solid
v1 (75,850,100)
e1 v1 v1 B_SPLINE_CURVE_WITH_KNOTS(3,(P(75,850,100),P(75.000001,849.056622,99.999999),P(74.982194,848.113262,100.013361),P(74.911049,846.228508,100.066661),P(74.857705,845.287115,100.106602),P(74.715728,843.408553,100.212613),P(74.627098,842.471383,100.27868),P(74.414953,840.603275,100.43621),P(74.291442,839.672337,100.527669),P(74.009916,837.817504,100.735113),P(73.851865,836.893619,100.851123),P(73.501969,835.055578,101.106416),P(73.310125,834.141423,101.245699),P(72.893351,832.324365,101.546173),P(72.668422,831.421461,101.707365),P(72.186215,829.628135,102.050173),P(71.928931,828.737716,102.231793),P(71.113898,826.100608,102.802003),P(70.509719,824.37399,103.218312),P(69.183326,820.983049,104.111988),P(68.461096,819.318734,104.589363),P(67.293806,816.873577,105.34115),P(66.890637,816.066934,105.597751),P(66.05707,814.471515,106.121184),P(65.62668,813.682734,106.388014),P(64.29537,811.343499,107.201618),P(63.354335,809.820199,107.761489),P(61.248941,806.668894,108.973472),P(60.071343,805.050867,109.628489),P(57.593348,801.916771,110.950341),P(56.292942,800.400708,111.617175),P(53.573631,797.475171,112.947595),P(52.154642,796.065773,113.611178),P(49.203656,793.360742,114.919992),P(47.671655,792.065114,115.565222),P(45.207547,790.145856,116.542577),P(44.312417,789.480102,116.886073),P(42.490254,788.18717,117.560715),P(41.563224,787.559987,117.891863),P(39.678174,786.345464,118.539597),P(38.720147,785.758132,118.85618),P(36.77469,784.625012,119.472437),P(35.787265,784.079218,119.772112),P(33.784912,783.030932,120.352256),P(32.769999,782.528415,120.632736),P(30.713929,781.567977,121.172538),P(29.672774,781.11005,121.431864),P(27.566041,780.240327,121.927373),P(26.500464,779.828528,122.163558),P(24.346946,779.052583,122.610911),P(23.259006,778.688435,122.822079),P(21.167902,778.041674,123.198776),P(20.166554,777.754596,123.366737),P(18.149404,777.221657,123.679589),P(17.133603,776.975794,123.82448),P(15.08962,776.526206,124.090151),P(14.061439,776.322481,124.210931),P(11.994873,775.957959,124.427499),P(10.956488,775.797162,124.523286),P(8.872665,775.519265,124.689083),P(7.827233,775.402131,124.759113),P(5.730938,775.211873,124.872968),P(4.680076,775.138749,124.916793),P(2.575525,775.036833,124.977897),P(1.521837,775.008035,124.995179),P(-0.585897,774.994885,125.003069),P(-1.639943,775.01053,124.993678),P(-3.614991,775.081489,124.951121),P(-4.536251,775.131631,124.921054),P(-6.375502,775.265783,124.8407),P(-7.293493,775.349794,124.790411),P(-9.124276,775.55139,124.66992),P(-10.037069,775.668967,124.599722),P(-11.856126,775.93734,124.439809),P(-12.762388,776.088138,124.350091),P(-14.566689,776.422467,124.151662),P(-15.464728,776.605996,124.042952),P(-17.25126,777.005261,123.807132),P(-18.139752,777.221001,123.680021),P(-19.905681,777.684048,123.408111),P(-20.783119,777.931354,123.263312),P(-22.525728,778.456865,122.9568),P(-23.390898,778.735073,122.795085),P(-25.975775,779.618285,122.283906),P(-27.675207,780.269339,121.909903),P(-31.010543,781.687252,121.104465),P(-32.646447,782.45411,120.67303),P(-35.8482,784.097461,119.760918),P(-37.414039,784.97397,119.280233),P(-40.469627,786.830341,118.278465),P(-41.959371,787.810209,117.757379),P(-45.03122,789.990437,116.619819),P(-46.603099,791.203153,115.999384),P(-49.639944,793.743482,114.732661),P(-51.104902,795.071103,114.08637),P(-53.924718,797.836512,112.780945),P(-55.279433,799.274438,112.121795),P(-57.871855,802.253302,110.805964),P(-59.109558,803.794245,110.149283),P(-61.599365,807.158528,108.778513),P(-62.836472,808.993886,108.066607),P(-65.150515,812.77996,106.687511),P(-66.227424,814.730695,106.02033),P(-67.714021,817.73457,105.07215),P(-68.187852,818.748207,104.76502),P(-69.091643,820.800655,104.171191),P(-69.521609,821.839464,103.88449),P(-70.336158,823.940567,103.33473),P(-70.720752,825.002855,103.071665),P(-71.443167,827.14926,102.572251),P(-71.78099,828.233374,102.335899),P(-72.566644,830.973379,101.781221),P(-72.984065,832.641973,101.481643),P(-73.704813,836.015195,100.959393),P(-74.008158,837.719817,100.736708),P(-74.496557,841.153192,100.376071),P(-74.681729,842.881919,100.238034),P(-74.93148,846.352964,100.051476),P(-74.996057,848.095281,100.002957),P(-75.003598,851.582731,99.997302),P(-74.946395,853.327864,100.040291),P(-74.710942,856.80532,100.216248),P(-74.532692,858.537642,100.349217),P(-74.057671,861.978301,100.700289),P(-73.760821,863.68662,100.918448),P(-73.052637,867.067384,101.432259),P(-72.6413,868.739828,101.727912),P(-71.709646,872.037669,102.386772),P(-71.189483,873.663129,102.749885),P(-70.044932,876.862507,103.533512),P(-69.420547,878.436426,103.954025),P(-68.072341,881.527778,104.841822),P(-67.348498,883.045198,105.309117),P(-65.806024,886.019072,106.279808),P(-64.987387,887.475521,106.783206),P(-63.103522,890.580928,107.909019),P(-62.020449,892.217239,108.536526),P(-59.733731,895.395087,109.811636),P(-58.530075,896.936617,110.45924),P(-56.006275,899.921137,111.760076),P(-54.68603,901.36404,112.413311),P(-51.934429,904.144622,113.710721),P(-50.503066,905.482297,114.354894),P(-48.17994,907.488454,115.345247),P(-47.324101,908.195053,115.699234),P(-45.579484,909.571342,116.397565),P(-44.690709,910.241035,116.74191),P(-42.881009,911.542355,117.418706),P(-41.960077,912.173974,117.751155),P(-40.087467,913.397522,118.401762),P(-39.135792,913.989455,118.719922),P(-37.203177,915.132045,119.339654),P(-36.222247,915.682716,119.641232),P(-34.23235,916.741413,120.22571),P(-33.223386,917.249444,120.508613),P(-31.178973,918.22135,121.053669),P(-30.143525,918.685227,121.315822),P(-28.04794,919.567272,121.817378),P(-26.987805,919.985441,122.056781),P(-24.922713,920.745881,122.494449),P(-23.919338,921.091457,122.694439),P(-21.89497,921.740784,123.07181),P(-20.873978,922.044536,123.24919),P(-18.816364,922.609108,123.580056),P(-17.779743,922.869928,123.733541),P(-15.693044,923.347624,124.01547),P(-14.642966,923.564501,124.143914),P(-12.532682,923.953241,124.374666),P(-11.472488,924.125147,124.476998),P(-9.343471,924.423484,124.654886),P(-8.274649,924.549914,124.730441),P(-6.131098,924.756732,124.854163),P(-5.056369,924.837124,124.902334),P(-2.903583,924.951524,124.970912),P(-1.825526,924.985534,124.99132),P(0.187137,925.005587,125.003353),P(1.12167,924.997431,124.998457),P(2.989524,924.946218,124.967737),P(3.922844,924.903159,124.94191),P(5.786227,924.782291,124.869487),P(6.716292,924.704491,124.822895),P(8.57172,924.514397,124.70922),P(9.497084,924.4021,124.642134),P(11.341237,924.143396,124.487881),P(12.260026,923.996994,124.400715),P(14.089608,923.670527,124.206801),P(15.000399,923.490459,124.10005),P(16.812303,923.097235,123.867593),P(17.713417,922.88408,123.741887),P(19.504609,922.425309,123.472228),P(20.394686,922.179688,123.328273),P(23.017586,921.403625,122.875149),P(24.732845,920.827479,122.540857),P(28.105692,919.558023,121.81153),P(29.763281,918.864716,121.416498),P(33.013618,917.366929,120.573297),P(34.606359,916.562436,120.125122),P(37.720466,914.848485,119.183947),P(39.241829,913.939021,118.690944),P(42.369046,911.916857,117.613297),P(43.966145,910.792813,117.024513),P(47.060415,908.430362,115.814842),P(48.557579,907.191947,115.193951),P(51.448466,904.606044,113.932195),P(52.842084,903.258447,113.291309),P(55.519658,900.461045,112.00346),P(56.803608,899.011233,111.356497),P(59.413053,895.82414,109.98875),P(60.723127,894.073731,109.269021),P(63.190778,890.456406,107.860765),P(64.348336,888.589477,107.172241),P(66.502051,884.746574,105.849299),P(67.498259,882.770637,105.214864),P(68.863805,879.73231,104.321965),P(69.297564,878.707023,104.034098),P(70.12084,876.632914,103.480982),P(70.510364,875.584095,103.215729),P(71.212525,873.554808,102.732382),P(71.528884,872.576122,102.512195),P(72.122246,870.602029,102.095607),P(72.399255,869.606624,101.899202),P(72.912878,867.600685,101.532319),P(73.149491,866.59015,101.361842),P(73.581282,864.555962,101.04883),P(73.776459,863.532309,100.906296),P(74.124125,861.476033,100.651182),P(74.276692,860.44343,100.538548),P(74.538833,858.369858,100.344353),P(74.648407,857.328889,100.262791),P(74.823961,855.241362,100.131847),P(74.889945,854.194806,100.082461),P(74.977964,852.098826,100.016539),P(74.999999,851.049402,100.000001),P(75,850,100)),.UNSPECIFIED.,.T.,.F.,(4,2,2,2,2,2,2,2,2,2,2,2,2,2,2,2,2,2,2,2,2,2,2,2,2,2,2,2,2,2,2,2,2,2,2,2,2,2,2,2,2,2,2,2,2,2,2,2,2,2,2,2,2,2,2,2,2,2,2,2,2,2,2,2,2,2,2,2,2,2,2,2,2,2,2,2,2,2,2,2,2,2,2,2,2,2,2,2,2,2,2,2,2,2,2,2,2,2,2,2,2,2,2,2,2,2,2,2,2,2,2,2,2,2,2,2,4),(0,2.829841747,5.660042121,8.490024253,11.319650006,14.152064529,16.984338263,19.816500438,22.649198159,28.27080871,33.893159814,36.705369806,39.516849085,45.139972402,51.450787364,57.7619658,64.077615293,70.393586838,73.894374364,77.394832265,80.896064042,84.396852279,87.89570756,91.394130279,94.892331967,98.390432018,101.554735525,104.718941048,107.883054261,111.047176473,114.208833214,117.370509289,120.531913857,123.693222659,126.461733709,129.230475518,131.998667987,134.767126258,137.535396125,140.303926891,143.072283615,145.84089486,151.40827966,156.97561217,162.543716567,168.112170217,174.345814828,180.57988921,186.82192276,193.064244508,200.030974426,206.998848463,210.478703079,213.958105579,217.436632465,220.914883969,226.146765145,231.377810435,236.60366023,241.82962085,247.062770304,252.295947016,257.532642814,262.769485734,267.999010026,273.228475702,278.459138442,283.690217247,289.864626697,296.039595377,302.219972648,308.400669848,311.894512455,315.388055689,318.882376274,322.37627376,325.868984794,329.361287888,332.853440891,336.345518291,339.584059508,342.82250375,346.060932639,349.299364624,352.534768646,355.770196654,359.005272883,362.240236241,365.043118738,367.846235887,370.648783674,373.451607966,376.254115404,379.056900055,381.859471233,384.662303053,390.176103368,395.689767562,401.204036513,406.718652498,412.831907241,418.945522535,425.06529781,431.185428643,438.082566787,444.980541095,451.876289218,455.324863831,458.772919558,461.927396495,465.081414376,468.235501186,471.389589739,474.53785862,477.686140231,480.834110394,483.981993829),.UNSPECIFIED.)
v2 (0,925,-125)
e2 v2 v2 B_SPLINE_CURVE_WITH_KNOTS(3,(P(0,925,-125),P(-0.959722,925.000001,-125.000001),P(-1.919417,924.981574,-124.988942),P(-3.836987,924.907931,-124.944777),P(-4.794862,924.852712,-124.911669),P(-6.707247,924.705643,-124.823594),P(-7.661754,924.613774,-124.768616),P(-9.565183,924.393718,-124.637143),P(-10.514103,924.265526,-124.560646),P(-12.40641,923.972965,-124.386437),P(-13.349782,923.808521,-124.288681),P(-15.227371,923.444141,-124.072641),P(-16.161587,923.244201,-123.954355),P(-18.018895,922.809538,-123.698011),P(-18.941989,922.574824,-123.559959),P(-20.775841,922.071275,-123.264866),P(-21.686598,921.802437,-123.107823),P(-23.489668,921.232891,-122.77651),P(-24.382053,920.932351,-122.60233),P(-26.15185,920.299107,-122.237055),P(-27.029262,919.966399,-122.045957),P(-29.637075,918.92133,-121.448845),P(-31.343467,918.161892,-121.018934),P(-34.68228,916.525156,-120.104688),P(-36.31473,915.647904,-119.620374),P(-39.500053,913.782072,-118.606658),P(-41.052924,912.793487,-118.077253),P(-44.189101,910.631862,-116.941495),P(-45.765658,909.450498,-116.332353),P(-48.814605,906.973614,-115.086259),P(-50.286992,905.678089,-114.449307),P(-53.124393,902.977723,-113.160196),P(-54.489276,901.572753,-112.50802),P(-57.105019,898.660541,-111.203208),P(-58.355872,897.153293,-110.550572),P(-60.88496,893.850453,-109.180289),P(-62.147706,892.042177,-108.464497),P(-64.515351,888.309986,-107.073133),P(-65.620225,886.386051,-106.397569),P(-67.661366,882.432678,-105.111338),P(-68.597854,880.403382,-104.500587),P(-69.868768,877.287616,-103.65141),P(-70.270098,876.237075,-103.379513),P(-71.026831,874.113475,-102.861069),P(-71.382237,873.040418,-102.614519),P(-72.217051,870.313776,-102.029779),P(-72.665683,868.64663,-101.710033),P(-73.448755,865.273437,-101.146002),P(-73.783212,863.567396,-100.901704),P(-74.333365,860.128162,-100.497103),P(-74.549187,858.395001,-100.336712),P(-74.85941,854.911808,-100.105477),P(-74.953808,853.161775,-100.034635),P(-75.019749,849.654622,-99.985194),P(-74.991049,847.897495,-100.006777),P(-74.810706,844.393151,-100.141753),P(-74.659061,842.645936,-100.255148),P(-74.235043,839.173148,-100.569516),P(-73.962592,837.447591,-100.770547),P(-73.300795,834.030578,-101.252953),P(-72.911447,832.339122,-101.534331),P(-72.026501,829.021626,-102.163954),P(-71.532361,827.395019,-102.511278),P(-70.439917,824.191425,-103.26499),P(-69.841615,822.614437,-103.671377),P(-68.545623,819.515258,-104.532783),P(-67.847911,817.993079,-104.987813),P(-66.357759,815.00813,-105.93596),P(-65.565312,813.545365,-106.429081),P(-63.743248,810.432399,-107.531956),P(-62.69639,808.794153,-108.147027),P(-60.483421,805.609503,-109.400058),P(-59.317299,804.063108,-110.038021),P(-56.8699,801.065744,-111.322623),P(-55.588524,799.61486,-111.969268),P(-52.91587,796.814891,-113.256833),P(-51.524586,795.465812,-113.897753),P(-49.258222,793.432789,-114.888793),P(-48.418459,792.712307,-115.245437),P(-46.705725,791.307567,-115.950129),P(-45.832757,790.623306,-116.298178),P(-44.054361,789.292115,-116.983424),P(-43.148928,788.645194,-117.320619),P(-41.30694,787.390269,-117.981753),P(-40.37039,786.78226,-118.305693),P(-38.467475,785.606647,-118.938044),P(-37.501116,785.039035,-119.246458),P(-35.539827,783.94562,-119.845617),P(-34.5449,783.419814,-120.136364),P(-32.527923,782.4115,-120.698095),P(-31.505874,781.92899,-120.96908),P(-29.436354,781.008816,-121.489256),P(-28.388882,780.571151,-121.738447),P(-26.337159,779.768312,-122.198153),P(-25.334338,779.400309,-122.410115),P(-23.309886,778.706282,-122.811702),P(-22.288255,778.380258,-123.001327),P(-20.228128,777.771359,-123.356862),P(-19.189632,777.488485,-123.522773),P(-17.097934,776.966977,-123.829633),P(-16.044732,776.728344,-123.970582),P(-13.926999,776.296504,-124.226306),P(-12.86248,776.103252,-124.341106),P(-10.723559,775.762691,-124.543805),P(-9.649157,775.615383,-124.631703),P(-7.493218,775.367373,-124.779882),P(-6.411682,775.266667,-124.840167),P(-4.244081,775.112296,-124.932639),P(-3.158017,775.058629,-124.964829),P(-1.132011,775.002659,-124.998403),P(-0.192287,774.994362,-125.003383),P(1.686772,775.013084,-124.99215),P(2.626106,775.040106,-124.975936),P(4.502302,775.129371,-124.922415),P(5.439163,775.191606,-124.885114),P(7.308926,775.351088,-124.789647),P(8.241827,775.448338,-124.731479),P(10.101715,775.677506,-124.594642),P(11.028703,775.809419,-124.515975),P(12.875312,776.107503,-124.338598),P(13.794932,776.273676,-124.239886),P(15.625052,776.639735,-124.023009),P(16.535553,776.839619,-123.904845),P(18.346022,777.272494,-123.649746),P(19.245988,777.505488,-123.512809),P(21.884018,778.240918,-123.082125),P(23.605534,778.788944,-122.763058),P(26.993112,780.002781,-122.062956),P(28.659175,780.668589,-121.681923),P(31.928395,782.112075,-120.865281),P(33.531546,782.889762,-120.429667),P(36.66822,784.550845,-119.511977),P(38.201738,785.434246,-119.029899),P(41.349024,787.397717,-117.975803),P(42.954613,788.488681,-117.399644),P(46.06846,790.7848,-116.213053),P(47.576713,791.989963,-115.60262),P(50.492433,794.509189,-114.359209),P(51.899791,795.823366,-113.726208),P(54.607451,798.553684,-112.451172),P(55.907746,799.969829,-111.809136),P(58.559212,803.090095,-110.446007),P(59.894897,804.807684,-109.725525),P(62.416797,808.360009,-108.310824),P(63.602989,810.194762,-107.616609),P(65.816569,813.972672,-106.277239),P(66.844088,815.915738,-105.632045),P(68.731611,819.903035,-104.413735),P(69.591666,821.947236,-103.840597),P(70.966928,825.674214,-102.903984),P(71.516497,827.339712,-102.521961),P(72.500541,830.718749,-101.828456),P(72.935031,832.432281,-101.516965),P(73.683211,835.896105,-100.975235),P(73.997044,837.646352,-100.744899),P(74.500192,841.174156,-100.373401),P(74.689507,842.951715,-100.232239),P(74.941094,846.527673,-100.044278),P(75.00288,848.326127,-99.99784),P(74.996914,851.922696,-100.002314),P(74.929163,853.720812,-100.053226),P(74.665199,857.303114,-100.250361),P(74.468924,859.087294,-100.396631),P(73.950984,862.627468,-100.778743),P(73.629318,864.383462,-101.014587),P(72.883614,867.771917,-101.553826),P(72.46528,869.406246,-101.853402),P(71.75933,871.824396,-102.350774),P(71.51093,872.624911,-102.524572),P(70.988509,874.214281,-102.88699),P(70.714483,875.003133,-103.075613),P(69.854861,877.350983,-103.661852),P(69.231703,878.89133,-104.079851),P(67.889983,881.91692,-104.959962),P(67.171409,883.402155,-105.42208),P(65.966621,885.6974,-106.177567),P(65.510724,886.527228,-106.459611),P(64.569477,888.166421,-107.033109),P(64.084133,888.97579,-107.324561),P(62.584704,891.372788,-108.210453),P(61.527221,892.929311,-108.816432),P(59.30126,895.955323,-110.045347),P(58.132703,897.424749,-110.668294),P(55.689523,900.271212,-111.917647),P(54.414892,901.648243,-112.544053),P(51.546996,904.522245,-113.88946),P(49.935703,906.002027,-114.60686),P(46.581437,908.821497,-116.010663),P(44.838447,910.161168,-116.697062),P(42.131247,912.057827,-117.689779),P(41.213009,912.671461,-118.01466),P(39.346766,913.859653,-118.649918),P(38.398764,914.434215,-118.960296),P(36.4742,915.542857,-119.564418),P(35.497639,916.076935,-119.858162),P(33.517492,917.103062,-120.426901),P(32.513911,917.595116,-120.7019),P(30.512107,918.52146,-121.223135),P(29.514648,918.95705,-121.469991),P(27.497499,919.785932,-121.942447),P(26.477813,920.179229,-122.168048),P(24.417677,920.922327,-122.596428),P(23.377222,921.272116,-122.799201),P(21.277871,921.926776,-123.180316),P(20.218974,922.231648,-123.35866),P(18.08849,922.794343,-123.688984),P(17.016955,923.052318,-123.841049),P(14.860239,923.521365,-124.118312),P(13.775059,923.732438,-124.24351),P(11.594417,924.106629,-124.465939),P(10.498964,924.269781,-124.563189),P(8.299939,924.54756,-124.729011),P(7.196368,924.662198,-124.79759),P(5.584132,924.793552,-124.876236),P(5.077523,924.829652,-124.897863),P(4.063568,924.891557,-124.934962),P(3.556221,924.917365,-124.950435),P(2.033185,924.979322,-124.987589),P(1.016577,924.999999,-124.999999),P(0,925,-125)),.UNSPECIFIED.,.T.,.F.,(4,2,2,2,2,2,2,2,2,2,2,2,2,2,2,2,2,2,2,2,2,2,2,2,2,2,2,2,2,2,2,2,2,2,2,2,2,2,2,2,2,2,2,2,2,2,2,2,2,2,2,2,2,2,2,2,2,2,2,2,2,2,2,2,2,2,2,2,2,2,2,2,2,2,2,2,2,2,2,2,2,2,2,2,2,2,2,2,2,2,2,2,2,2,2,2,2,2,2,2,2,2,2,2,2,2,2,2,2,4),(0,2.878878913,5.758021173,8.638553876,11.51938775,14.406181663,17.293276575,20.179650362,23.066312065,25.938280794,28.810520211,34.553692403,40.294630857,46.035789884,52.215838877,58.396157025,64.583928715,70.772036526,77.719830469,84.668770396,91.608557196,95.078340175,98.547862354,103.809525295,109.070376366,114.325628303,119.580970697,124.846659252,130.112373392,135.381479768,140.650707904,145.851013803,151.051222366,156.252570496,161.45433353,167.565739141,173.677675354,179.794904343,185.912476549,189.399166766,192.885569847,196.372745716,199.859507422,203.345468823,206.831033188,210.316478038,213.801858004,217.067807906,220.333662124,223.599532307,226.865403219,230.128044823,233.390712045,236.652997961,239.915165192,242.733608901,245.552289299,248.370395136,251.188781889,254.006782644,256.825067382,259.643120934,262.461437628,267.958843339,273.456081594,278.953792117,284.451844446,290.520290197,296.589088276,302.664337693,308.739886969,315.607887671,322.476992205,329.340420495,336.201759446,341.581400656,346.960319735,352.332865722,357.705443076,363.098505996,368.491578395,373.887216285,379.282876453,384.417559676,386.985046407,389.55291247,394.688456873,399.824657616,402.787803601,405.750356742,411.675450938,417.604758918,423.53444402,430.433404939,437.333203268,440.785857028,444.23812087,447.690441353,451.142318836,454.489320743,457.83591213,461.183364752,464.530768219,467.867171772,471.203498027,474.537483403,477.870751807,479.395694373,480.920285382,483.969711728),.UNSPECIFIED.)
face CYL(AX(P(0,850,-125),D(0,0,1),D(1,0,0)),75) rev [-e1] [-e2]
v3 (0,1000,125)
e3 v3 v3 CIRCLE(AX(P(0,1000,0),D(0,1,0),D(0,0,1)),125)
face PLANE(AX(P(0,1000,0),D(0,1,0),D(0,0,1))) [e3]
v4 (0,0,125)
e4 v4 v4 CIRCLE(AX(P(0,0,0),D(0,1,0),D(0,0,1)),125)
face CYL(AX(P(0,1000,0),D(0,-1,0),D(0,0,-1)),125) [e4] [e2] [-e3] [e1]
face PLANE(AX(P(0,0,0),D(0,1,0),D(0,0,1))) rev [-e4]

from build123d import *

# Parameters (mm, degrees)
SKETCH_1_R               = 125
EXTRUDE_1_DEPTH          = 1000
CUT_EXTRUDE_1_DEPTH      = 1016.504800579
CUT_EXTRUDE_1_DEPTH_BACK = 1016.504800579
SKETCH_3_R               = 75


with BuildPart() as part:
    # 草图1 → 凸台-拉伸1 (new body)
    with BuildSketch(Plane(origin=(0, 0, 0), x_dir=(1, 0, 0), z_dir=(0, 1, 0))):
        with Locations(Location((0, 0, 0), (0, 0, 270))):
            Circle(SKETCH_1_R)
    extrude(amount=EXTRUDE_1_DEPTH)

    # 草图3 → 切除-拉伸1 (cut, two sides: drawn at the far end of the back side and taken through both)
    with BuildSketch(Plane.XY.offset(-CUT_EXTRUDE_1_DEPTH_BACK)):
        with Locations(Location((0, 850, 0), (0, 0, 90))):
            Circle(SKETCH_3_R)
    extrude(amount=CUT_EXTRUDE_1_DEPTH + CUT_EXTRUDE_1_DEPTH_BACK, mode=Mode.SUBTRACT)


solid = part.part
